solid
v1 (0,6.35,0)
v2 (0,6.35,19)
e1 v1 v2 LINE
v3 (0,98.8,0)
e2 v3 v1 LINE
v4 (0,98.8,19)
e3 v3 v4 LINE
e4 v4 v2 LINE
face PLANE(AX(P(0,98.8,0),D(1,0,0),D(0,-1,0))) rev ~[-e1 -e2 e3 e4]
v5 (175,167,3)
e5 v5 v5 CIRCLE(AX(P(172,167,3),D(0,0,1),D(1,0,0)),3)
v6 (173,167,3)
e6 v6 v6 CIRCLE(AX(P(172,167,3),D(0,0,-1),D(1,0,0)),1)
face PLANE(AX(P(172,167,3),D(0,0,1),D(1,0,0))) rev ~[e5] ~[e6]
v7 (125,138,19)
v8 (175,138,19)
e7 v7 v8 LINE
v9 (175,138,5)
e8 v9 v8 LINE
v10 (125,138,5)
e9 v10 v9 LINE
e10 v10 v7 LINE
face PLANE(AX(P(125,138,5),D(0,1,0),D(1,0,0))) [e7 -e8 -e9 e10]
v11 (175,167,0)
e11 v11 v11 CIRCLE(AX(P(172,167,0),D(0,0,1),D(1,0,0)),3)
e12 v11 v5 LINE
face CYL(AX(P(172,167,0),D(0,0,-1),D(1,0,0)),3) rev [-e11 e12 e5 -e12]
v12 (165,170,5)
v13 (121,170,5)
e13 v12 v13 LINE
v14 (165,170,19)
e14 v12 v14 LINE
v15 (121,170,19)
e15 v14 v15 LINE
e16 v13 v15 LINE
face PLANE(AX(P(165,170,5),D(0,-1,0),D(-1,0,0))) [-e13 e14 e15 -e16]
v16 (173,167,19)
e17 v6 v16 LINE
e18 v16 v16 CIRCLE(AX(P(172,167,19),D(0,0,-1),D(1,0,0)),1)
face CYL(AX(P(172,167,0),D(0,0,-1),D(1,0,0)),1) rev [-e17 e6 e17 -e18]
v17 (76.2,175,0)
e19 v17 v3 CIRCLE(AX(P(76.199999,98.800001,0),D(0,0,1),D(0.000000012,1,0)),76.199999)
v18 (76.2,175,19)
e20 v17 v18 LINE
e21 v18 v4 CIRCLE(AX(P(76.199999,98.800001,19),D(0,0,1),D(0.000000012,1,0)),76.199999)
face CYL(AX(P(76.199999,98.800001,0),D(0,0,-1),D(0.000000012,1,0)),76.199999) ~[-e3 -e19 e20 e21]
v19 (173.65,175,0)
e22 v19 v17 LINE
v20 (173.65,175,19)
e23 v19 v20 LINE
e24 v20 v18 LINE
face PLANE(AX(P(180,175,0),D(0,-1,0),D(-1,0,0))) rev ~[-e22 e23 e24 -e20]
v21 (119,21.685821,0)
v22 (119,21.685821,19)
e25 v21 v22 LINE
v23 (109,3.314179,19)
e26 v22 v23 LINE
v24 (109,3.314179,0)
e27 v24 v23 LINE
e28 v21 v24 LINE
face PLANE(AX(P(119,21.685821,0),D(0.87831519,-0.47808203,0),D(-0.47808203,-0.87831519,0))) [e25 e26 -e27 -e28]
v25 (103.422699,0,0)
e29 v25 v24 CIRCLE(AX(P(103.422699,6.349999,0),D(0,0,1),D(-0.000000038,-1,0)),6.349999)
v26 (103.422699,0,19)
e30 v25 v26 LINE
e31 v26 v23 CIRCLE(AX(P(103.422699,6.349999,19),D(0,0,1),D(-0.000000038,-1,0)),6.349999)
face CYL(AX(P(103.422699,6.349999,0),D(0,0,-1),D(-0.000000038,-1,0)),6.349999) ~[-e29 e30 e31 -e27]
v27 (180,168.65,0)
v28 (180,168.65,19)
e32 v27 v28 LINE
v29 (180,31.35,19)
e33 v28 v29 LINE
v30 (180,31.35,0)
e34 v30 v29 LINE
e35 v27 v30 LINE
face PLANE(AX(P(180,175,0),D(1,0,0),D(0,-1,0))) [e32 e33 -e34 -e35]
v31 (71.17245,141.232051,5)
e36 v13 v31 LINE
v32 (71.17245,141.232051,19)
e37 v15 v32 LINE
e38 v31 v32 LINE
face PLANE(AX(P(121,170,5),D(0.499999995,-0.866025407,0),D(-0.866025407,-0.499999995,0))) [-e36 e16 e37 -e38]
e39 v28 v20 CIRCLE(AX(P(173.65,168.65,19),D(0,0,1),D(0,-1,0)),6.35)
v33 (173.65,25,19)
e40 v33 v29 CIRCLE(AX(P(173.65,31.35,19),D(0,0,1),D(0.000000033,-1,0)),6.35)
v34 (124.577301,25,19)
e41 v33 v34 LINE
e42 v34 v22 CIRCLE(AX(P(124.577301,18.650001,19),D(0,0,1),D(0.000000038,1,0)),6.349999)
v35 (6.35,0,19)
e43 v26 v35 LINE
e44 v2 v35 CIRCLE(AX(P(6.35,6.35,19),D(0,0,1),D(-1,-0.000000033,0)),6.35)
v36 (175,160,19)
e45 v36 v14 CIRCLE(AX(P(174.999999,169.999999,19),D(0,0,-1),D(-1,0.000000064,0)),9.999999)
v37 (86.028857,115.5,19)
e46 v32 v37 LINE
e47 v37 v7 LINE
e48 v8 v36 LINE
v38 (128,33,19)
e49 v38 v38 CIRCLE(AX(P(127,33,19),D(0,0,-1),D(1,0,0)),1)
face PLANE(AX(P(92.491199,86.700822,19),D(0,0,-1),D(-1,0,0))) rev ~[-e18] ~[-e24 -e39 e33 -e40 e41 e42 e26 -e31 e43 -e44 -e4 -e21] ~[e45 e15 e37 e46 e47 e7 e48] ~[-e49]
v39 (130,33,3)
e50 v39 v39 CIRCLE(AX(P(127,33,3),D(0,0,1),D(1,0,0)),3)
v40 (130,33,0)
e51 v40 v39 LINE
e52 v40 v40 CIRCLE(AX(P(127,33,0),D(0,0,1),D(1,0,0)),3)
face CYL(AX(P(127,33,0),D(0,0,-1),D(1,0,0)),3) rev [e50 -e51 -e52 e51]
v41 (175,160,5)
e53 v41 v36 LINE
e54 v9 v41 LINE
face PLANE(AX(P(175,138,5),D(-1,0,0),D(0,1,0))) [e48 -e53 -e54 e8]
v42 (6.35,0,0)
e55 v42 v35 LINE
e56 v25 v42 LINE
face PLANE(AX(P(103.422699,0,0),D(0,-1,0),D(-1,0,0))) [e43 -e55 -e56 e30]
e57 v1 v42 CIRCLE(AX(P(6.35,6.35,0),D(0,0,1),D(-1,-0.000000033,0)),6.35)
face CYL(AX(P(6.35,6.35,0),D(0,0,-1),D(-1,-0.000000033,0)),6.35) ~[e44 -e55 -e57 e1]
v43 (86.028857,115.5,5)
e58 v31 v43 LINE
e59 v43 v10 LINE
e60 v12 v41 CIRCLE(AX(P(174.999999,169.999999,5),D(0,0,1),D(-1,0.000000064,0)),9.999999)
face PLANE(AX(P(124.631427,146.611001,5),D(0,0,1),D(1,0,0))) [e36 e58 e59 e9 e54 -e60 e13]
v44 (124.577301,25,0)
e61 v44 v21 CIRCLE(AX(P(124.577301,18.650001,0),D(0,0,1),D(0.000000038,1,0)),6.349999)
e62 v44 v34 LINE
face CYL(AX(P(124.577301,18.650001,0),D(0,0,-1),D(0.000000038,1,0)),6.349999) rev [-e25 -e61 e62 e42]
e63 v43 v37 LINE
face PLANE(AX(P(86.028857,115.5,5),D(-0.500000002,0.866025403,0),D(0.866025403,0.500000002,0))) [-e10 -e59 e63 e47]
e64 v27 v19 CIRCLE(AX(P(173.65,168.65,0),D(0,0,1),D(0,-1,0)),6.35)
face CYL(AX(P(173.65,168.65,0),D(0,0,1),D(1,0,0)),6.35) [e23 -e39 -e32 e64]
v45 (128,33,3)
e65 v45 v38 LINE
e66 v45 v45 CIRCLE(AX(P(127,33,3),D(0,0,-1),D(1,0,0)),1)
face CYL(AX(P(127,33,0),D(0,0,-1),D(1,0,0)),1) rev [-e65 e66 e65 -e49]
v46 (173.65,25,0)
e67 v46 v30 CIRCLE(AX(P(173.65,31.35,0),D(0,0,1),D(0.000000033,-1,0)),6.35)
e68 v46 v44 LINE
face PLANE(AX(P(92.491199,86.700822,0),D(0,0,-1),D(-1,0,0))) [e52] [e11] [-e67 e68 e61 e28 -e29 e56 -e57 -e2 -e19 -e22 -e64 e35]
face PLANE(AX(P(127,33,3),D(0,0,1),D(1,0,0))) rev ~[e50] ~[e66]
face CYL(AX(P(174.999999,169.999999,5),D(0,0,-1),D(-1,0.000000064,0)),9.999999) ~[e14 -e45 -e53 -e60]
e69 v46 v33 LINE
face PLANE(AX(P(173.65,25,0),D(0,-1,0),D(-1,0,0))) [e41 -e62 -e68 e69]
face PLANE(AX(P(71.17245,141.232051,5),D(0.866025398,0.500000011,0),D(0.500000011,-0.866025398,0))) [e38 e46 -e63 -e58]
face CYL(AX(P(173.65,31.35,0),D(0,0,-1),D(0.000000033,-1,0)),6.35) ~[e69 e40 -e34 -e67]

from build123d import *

# Parameters (mm, degrees)
PAD_DEPTH            = 19
FILLET001_R          = 6.35
POCKET002_DEPTH      = 14.001
SKETCH014_R          = 1
POCKET005_DEPTH      = 0.001
POCKET005_DEPTH_BACK = 19.001
SKETCH015_R          = 3
POCKET006_DEPTH      = 3


with BuildPart() as part:
    # Sketch001 → Pad (new body)
    with BuildSketch(Plane.XY):
        with BuildLine():
            Line((180, 175), (180, 31.35))
            ThreePointArc((173.65, 25), (178.140128, 26.859872), (180, 31.35))
            Line((173.65, 25), (124.577301, 25))
            ThreePointArc((124.577301, 25), (121.333458, 24.108936), (119, 21.685821))
            Line((119, 21.685821), (109, 3.314179))
            ThreePointArc((103.422699, 0), (106.666542, 0.891064), (109, 3.314179))
            Line((103.422699, 0), (6.35, 0))
            ThreePointArc((0, 6.35), (1.859872, 1.859872), (6.35, 0))
            Line((0, 98.8), (0, 6.35))
            ThreePointArc((76.2, 175), (22.318463, 152.681537), (0, 98.8))
            Line((180, 175), (76.2, 175))
        make_face()
    extrude(amount=PAD_DEPTH)

    # Fillet001
    fillet001_edges = [part.edges().sort_by_distance(p)[0] for p in [
        (180, 175, 9.5),
    ]]
    fillet(fillet001_edges, radius=FILLET001_R)

    # Sketch007 → Pocket002 (cut, through all)
    with BuildSketch(Plane.XY.offset(5)):
        with BuildLine():
            Line((165, 170), (121, 170))
            Line((121, 170), (71.17245, 141.232051))
            Line((71.17245, 141.232051), (86.028857, 115.5))
            Line((86.028857, 115.5), (125, 138))
            Line((125, 138), (175, 138))
            Line((175, 138), (175, 160))
            ThreePointArc((165, 170), (167.928932, 162.928932), (175, 160))
        make_face()
    extrude(amount=POCKET002_DEPTH, mode=Mode.SUBTRACT)

    # Sketch014 → Pocket005 (cut, two sides)
    with BuildSketch(Plane.XY) as pocket005_sk:
        with Locations((172, 167)):
            Circle(SKETCH014_R)
        with Locations((127, 33)):
            Circle(SKETCH014_R)
    extrude(amount=-POCKET005_DEPTH, mode=Mode.SUBTRACT)
    extrude(pocket005_sk.sketch, amount=POCKET005_DEPTH_BACK, mode=Mode.SUBTRACT)

    # Sketch015 → Pocket006 (cut)
    with BuildSketch(Plane.XY):
        with Locations((127, 33)):
            Circle(SKETCH015_R)
        with Locations((172, 167)):
            Circle(SKETCH015_R)
    extrude(amount=POCKET006_DEPTH, mode=Mode.SUBTRACT)


solid = part.part
